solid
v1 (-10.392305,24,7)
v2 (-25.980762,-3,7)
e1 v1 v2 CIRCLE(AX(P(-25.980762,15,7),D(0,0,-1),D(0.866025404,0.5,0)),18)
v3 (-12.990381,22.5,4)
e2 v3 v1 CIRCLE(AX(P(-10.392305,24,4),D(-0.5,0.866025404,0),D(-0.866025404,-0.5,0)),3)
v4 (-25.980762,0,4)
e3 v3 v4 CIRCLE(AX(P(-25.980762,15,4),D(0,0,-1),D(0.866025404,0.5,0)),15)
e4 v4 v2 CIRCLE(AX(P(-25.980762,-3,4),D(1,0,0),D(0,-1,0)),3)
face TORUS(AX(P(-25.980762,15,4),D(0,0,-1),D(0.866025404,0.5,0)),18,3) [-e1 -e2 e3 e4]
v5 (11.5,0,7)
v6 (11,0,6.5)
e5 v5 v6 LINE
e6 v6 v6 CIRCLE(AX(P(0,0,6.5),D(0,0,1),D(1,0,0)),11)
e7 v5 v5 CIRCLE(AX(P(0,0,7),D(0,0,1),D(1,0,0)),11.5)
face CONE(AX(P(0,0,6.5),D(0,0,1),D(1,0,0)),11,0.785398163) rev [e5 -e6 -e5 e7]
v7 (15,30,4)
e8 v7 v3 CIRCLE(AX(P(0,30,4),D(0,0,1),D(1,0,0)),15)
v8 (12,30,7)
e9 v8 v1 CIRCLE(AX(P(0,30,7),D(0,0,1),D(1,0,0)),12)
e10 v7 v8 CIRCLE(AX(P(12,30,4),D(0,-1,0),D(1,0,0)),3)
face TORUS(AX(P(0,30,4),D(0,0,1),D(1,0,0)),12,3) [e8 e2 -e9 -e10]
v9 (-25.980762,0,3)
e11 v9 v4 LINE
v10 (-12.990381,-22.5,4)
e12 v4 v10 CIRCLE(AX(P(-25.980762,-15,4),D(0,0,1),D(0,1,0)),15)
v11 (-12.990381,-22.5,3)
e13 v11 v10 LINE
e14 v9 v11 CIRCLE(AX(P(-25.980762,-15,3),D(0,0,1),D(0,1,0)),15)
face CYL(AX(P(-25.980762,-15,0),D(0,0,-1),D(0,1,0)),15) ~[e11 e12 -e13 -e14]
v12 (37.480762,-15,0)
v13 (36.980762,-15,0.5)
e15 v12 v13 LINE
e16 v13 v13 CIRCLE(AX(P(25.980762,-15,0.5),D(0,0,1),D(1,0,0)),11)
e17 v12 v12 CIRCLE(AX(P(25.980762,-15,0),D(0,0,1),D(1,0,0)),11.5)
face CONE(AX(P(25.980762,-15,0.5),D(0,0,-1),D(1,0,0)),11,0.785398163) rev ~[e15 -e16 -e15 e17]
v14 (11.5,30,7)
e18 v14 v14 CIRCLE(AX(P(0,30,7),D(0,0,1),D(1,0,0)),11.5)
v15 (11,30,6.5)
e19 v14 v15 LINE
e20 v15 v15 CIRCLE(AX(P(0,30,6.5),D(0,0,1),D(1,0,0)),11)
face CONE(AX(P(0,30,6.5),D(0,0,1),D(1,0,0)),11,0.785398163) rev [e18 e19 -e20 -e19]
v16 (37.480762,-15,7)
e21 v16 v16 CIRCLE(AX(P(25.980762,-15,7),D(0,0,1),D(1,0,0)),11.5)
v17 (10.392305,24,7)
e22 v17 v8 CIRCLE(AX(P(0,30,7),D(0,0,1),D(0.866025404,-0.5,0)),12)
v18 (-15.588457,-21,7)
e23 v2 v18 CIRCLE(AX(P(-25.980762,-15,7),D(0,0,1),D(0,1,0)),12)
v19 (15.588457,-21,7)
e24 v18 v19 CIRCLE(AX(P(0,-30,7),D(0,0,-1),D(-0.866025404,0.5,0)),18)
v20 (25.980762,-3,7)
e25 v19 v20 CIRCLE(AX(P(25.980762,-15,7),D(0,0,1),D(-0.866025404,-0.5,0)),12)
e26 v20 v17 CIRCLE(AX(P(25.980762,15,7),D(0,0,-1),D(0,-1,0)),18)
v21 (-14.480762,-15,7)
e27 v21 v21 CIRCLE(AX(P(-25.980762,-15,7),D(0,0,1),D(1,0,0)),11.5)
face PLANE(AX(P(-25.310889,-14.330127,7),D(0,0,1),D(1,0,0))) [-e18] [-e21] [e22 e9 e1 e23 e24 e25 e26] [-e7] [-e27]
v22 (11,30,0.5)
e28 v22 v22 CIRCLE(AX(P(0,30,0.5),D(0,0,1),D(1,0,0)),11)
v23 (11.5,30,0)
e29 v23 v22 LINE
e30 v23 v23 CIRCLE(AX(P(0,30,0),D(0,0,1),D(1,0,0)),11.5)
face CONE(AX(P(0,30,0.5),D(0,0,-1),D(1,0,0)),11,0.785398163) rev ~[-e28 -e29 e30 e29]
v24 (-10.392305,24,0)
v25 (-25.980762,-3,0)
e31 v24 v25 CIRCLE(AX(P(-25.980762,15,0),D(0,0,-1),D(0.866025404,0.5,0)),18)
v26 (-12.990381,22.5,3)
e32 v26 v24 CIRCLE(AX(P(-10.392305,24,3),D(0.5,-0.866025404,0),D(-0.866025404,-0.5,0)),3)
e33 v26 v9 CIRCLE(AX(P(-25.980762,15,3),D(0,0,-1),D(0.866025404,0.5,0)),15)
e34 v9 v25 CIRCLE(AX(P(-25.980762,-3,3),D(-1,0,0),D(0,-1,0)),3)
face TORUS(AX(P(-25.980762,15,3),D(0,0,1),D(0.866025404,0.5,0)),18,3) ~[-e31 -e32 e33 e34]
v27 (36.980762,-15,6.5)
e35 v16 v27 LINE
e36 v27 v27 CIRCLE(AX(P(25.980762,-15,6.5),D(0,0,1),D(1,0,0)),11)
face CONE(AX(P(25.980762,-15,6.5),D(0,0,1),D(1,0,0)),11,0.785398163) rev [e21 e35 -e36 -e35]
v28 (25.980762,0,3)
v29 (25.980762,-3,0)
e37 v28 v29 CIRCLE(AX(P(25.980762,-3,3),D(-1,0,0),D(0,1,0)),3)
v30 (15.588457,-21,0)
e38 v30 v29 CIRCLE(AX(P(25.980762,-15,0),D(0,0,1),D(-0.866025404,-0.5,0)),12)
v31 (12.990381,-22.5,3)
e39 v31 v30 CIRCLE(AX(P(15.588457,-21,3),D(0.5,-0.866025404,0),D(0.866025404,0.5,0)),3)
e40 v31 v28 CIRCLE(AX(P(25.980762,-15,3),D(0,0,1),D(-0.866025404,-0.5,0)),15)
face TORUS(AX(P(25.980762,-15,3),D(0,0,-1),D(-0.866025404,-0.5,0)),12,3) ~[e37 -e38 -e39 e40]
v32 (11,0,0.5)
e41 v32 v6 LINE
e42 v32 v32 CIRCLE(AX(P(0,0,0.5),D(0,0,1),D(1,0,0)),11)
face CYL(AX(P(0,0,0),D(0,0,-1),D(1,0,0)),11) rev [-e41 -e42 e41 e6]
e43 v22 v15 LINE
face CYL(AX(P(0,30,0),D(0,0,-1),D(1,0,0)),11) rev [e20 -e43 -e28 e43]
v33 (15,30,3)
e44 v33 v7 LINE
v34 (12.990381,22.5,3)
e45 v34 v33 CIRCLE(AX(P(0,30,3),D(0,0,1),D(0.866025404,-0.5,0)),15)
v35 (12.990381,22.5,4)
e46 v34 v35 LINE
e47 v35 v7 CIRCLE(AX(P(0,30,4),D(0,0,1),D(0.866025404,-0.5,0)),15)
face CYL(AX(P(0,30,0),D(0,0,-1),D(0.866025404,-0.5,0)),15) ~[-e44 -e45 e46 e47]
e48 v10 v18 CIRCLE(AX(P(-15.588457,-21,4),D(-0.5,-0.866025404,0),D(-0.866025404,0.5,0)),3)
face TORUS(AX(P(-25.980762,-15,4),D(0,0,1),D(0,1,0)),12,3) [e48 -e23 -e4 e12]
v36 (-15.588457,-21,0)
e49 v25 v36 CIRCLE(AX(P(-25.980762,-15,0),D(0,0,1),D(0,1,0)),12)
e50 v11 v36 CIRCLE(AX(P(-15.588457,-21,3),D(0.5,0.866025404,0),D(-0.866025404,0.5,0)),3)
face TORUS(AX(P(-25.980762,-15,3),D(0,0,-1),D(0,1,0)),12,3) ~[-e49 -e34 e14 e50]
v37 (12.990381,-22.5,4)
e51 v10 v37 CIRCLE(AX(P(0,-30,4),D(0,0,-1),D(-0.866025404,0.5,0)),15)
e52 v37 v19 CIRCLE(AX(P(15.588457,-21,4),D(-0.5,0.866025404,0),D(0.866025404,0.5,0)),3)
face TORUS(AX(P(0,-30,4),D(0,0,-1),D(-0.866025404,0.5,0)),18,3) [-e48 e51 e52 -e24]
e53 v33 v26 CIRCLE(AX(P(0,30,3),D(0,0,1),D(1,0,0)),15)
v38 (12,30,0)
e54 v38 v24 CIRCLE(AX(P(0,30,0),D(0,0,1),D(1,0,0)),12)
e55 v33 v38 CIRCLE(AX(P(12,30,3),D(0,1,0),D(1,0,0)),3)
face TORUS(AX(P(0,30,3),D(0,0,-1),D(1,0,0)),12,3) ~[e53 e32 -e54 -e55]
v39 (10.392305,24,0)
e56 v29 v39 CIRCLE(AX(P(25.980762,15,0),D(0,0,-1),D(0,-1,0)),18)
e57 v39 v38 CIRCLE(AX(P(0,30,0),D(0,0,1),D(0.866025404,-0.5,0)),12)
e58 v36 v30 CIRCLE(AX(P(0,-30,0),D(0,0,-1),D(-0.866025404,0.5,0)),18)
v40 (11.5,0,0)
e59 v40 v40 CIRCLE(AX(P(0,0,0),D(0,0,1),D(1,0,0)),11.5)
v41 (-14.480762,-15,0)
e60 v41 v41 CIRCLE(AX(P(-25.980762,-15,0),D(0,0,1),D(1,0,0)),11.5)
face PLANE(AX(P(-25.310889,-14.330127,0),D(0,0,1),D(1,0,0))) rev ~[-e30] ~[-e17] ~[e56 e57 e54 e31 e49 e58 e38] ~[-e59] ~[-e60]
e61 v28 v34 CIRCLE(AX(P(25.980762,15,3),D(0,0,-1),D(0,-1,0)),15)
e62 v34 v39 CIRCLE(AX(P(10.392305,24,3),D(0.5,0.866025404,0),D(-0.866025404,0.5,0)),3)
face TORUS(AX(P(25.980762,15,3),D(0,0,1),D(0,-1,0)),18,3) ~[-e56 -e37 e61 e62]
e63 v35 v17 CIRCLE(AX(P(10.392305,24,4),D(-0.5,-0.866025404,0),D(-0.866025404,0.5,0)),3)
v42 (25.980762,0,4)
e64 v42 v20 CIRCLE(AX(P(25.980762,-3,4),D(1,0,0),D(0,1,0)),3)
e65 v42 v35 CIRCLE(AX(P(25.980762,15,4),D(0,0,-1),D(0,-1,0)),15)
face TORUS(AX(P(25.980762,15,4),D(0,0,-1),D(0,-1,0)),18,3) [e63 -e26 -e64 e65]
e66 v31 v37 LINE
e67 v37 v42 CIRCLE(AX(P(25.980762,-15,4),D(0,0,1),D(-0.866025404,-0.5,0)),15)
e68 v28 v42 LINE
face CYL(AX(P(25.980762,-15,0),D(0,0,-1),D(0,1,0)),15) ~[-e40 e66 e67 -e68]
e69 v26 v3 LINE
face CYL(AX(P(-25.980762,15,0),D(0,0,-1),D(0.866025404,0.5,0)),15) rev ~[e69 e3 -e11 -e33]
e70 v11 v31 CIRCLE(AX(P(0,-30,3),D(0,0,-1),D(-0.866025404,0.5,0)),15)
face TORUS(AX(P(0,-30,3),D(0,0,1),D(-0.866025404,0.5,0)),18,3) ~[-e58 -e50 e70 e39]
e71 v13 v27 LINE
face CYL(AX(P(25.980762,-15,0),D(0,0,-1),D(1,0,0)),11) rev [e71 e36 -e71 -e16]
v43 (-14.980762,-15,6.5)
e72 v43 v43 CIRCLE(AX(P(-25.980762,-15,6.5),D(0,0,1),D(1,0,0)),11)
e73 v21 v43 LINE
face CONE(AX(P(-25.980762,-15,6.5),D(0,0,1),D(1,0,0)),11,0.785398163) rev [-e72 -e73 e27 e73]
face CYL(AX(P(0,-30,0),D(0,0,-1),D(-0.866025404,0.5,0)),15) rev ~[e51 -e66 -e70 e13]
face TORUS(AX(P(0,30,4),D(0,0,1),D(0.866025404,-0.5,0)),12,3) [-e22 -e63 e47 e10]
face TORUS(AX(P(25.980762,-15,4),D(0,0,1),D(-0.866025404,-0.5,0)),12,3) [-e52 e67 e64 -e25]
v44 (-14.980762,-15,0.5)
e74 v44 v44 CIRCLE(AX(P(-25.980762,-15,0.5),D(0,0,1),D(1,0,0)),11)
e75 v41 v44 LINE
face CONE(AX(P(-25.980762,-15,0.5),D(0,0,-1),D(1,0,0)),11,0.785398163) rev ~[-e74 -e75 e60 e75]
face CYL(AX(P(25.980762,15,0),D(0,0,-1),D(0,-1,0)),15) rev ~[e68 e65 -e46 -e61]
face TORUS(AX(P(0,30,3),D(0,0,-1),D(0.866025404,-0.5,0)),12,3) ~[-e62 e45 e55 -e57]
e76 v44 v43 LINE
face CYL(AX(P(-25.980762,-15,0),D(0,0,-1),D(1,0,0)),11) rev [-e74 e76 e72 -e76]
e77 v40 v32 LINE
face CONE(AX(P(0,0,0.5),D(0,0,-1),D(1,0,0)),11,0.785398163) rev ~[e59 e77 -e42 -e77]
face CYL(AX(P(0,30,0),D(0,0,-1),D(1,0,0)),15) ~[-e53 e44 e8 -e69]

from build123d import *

# Parameters (mm, degrees)
F1_R     = 11
F2_DEPTH = 7
F3_R     = 3
F4_SIZE  = 0.5


with BuildPart() as f2:
    # F1 (on Top) → F2 (new body)
    with BuildSketch(Plane.XY):
        with BuildLine():
            ThreePointArc((-10.9807621135, -15), (-15.3741603957, -4.3933982822), (-25.9807621135, 0))
            ThreePointArc((-25.9807621135, 0), (-38.9711431703, -22.5), (-12.9903810568, -22.5))
            ThreePointArc((-12.9903810568, -22.5), (-11.4918747192, -18.8822856765), (-10.9807621135, -15))
        make_face()
        with Locations((-25.9807621135, -15)):
            Circle(F1_R, mode=Mode.SUBTRACT)
        with BuildLine():
            ThreePointArc((40.9807621135, -15), (36.5873638313, -4.3933982822), (25.9807621135, 0))
            ThreePointArc((25.9807621135, 0), (12.9903810568, -7.5), (12.9903810568, -22.5))
            ThreePointArc((12.9903810568, -22.5), (29.8630477901, -29.4888873943), (40.9807621135, -15))
        make_face()
        with Locations((25.9807621135, -15)):
            Circle(F1_R, mode=Mode.SUBTRACT)
        with BuildLine():
            ThreePointArc((12.9903810568, 22.5), (0, 15), (-12.9903810568, 22.5))
            ThreePointArc((-12.9903810568, 22.5), (-12.9903810568, 7.5), (-25.9807621135, 0))
            ThreePointArc((-25.9807621135, 0), (-15.3741603957, -4.3933982822), (-10.9807621135, -15))
            ThreePointArc((-10.9807621135, -15), (-11.4918747192, -18.8822856765), (-12.9903810568, -22.5))
            ThreePointArc((-12.9903810568, -22.5), (0, -15), (12.9903810568, -22.5))
            ThreePointArc((12.9903810568, -22.5), (12.9903810568, -7.5), (25.9807621135, 0))
            ThreePointArc((25.9807621135, 0), (12.9903810568, 7.5), (12.9903810568, 22.5))
        make_face()
        Circle(F1_R, mode=Mode.SUBTRACT)
        with BuildLine():
            ThreePointArc((12.9903810568, 22.5), (14.4888873943, 26.1177143235), (15, 30))
            ThreePointArc((15, 30), (-3.8822856765, 44.4888873943), (-12.9903810568, 22.5))
            ThreePointArc((-12.9903810568, 22.5), (0, 15), (12.9903810568, 22.5))
        make_face()
        with Locations((0, 30)):
            Circle(F1_R, mode=Mode.SUBTRACT)
    extrude(amount=F2_DEPTH)

    # F3
    f3_edges = [f2.edges().sort_by_distance(p)[0] for p in [
        (0, -15, 7),
        (-38.971143, -22.5, 7),
        (0, -15, 0),
    ]]
    fillet(f3_edges, radius=F3_R)

    # F4
    f4_edges = [f2.edges().sort_by_distance(p)[0] for p in [
        (11, 0, 3.5),
        (-11, 0, 0),
        (-11, 0, 7),
        (11, 30, 3.5),
        (-11, 30, 0),
        (-11, 30, 7),
        (36.980762, -15, 3.5),
        (14.980762, -15, 0),
        (14.980762, -15, 7),
        (-14.980762, -15, 3.5),
        (-36.980762, -15, 0),
        (-36.980762, -15, 7),
    ]]
    chamfer(f4_edges, length=F4_SIZE)


solid = f2.part
